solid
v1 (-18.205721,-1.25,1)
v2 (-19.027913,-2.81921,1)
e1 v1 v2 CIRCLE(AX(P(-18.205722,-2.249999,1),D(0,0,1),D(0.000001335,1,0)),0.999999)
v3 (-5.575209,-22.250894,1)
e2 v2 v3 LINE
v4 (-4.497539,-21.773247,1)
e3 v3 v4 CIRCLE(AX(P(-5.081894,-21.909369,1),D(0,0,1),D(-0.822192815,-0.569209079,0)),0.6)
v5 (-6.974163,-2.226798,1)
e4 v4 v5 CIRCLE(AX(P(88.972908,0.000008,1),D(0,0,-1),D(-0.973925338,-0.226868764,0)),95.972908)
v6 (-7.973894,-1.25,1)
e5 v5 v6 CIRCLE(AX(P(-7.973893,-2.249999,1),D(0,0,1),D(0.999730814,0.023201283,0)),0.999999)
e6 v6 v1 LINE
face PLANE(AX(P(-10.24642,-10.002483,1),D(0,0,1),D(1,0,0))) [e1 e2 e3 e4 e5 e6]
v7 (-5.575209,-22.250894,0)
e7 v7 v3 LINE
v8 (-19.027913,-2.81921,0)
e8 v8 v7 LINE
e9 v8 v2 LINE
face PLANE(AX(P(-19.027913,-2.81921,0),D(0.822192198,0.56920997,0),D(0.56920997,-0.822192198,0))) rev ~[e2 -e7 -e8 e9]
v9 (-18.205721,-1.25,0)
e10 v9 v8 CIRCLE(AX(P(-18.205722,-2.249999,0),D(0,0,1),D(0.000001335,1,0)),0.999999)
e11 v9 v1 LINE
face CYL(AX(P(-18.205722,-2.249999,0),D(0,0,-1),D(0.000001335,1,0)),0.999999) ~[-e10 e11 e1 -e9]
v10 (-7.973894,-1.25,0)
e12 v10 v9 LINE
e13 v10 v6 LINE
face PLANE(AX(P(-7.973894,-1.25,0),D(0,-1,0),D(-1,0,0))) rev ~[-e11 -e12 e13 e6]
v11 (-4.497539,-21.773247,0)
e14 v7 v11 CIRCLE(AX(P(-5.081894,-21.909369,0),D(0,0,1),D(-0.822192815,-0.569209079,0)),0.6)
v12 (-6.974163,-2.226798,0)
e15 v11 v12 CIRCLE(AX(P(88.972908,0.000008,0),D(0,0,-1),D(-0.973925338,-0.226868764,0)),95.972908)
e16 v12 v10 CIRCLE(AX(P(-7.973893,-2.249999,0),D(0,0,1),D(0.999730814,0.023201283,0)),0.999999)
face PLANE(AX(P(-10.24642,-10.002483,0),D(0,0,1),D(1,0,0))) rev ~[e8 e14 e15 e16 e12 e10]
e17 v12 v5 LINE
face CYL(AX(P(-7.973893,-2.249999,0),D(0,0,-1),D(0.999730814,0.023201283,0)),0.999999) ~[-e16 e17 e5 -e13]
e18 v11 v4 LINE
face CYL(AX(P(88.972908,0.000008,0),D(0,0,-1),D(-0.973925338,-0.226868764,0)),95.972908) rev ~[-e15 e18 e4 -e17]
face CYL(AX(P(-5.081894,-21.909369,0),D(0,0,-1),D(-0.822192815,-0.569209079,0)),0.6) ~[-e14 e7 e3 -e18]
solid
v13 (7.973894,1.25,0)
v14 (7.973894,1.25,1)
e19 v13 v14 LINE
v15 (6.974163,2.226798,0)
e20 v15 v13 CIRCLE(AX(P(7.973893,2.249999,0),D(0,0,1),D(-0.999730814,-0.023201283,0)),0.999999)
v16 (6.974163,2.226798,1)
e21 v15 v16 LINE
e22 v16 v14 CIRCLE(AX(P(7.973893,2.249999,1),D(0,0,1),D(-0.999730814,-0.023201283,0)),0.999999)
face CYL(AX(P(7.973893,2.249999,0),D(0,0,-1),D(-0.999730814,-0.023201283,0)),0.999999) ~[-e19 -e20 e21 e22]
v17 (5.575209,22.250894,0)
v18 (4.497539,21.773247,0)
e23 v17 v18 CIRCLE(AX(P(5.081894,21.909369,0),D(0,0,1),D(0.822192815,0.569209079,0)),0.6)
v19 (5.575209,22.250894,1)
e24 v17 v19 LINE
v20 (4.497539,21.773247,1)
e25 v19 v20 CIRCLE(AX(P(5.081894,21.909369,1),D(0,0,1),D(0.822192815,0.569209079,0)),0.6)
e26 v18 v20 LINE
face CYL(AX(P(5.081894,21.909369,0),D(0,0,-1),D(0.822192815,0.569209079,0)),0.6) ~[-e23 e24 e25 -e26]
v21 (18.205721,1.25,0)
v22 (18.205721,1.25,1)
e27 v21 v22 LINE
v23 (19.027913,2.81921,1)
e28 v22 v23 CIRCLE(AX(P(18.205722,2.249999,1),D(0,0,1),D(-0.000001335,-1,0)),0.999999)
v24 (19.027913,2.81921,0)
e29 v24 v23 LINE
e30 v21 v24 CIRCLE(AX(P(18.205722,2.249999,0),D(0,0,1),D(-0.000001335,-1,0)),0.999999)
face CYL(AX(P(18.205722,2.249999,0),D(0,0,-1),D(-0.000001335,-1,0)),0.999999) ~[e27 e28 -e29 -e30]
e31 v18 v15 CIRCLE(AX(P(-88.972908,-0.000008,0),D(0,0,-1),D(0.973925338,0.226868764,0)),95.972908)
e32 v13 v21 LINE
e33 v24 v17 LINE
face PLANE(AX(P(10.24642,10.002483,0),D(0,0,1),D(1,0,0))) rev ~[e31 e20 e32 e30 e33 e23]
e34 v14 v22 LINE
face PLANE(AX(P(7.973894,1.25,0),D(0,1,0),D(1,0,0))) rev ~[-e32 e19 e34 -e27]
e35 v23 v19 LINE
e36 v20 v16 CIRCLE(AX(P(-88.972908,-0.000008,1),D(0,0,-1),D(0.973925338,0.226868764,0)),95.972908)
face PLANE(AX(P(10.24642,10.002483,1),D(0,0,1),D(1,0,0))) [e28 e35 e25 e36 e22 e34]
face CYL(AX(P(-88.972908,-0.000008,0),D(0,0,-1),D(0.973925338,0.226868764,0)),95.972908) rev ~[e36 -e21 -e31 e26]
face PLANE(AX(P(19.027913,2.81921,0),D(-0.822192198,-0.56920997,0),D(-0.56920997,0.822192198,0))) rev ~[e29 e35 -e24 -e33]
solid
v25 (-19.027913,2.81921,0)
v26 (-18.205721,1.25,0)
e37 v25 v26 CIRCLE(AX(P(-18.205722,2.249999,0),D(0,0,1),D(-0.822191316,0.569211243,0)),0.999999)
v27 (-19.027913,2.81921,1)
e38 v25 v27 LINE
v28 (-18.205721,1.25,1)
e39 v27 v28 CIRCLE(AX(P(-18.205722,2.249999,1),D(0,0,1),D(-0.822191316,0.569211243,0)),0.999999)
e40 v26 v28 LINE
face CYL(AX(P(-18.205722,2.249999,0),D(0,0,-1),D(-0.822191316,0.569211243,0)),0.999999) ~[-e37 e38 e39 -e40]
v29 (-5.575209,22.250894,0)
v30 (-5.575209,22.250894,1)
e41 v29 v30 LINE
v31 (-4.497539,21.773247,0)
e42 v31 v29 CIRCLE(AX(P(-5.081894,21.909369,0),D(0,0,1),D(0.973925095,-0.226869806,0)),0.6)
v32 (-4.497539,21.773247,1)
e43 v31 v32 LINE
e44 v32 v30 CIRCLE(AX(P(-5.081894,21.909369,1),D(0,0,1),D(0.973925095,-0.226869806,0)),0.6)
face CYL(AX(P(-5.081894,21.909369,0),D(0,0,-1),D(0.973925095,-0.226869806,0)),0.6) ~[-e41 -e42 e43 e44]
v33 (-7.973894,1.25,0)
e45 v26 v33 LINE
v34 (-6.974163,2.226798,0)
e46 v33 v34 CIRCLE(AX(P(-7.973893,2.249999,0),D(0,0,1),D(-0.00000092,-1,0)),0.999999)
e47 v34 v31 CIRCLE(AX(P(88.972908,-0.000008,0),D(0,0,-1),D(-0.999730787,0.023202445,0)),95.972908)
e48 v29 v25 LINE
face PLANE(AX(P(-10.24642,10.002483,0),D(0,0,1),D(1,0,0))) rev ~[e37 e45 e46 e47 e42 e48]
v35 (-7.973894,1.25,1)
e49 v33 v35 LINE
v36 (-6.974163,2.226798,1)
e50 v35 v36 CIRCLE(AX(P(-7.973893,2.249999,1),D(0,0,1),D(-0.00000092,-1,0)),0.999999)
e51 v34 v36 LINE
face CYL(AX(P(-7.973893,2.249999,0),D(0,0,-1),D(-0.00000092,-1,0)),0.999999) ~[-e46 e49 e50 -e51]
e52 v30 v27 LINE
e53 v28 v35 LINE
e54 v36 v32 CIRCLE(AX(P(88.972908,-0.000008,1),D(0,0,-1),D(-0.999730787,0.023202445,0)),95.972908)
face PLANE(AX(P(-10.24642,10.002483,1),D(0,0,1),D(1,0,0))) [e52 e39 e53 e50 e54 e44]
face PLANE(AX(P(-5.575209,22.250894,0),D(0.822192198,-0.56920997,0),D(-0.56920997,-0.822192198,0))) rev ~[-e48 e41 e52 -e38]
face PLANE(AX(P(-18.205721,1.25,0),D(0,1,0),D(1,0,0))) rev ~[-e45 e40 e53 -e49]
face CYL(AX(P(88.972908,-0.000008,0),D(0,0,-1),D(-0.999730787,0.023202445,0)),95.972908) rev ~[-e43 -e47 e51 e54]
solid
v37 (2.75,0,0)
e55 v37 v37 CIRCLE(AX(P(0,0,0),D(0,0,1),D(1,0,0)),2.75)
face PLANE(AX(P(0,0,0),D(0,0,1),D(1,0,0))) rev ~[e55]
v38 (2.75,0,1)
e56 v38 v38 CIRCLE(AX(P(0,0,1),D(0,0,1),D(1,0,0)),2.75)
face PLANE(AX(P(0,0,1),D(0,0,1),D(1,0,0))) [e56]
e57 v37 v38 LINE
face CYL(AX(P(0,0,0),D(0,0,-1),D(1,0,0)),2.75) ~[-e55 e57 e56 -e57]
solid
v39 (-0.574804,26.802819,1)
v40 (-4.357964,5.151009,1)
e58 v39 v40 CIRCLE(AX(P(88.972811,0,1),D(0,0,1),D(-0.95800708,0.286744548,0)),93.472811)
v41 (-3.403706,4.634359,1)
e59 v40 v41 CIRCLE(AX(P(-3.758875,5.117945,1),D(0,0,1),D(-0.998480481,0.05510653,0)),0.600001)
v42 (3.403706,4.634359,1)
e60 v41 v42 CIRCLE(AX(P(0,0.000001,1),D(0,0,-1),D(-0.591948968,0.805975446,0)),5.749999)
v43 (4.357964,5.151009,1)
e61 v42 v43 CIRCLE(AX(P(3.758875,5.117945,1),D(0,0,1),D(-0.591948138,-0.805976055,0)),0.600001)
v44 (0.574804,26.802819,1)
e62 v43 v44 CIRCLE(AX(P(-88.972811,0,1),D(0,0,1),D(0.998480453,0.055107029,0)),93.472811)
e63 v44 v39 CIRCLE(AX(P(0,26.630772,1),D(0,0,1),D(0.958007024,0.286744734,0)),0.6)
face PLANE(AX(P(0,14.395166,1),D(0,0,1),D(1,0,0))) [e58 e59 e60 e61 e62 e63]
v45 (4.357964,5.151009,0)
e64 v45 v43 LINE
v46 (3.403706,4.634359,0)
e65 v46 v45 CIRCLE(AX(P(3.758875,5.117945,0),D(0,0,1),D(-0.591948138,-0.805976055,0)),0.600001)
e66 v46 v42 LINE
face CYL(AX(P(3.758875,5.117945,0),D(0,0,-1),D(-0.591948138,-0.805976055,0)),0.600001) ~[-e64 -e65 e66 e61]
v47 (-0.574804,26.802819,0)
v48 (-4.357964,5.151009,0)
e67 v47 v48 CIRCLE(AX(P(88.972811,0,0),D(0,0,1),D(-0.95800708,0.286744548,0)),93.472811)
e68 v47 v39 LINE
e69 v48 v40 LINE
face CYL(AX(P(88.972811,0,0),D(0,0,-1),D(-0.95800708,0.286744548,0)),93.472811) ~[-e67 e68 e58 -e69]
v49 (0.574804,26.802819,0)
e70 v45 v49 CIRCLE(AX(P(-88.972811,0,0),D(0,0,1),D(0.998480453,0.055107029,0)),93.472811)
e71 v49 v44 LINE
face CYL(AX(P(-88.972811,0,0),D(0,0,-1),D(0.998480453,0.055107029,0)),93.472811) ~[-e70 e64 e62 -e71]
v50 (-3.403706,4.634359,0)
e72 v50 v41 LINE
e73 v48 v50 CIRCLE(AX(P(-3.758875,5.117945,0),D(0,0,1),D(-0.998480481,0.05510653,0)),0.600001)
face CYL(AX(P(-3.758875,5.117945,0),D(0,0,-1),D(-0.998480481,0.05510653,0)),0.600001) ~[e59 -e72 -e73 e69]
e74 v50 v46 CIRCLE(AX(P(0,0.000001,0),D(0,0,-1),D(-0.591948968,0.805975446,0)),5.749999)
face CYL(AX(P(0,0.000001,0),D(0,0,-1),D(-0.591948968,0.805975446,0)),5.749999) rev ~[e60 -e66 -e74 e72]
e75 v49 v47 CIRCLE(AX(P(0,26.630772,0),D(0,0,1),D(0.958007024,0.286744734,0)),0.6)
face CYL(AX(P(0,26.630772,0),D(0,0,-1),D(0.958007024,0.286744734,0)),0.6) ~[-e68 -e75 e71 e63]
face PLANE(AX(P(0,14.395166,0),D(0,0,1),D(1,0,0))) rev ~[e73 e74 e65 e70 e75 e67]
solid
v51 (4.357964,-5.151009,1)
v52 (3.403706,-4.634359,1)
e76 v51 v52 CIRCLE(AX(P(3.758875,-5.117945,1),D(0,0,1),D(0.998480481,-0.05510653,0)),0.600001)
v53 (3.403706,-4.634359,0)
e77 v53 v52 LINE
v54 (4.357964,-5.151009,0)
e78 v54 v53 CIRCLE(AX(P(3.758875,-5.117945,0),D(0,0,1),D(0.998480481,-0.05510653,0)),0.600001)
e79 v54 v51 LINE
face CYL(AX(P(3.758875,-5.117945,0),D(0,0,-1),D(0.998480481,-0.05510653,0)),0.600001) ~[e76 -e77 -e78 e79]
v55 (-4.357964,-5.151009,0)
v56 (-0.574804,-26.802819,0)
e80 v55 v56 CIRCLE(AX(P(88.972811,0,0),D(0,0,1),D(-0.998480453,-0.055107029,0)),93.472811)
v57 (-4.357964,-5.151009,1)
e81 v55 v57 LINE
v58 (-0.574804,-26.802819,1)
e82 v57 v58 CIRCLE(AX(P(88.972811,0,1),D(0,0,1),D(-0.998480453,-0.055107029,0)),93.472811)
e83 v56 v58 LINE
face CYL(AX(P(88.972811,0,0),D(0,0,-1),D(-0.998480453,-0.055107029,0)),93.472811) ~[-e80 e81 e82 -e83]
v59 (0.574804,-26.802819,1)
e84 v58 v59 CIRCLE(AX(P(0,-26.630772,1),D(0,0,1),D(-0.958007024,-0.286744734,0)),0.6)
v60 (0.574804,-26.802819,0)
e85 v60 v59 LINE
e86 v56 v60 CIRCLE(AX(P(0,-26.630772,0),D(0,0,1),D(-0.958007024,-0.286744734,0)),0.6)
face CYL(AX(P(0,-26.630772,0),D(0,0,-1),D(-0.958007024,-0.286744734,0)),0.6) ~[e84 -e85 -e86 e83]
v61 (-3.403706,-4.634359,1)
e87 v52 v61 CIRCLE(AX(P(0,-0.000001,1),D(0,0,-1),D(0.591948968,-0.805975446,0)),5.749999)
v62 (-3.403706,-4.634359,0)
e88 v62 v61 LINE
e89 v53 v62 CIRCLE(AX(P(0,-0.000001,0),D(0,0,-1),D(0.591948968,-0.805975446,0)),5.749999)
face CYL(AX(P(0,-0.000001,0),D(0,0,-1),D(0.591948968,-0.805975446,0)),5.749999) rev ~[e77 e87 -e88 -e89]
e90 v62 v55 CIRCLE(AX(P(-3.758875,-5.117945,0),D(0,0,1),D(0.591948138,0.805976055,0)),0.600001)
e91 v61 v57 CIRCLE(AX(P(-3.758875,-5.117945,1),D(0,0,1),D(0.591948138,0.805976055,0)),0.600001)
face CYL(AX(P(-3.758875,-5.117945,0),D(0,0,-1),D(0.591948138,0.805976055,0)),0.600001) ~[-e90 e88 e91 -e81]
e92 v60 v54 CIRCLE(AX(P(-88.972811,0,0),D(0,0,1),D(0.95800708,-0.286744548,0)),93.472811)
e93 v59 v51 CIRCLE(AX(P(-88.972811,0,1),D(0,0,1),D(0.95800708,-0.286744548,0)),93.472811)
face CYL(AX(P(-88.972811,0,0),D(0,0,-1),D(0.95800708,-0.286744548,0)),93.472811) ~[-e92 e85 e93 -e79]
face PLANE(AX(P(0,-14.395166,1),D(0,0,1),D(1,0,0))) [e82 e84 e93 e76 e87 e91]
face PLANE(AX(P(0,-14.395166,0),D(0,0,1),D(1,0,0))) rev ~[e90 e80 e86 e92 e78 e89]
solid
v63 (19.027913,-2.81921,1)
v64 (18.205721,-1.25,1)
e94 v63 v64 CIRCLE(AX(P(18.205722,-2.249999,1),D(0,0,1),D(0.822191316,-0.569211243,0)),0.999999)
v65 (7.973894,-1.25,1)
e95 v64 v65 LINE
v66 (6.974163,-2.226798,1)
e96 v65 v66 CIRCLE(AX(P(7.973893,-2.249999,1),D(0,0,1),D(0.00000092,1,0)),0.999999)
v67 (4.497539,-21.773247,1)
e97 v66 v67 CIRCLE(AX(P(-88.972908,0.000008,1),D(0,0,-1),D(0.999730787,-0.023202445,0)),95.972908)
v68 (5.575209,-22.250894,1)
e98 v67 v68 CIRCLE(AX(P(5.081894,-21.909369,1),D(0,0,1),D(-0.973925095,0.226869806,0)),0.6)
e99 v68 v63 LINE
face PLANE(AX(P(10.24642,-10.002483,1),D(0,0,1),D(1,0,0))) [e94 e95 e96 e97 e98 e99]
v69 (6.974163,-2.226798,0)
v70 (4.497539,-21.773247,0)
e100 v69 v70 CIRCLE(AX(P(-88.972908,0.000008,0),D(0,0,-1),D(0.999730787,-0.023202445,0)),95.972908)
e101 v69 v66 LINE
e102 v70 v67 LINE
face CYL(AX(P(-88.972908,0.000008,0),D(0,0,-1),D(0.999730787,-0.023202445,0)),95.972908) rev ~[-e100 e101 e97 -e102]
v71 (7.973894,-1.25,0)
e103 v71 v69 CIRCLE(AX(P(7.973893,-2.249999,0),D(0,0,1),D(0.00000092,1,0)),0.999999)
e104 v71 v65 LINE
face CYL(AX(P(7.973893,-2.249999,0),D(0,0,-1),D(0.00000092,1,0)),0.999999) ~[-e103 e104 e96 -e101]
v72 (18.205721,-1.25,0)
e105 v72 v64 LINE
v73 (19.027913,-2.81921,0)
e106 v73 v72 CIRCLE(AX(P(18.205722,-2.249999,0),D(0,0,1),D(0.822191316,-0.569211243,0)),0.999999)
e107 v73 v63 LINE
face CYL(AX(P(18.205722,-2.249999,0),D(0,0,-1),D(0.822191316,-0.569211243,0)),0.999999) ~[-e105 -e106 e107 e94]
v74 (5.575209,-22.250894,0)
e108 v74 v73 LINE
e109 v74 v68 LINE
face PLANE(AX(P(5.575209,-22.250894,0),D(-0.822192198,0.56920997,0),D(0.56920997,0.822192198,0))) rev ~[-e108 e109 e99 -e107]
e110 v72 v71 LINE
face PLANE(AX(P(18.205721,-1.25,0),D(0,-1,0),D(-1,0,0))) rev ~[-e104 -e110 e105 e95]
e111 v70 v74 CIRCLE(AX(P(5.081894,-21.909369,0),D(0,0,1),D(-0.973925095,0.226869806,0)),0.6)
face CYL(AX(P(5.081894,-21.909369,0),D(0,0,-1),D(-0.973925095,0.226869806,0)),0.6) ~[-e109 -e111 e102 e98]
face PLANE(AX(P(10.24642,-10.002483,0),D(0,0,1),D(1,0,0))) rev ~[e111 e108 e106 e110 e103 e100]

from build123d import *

# Parameters (mm, degrees)
F0_R     = 2.75
F1_DEPTH = 1


with BuildPart() as f1:
    # F0 (on Top) → F1 (new body)
    with BuildSketch(Plane.XY):
        with BuildLine():
            Line((-5.575209, 22.250894), (-19.027913, 2.81921))
            ThreePointArc((-19.027913, 2.81921), (-19.091501, 1.785893), (-18.205721, 1.25))
            Line((-18.205721, 1.25), (-7.973894, 1.25))
            ThreePointArc((-7.973894, 1.25), (-7.275038, 1.534737), (-6.974163, 2.226798))
            ThreePointArc((-6.974163, 2.226798), (-6.238777, 12.063745), (-4.497539, 21.773247))
            ThreePointArc((-4.497539, 21.773247), (-4.838771, 22.457904), (-5.575209, 22.250894))
        make_face()
        Circle(F0_R)
        with BuildLine():
            ThreePointArc((0.574804, 26.802819), (0, 27.230772), (-0.574804, 26.802819))
            ThreePointArc((-0.574804, 26.802819), (-3.105018, 16.088501), (-4.357964, 5.151009))
            ThreePointArc((-4.357964, 5.151009), (-4.044543, 4.590314), (-3.403706, 4.634359))
            ThreePointArc((-3.403706, 4.634359), (0, 5.75), (3.403706, 4.634359))
            ThreePointArc((3.403706, 4.634359), (4.044543, 4.590314), (4.357964, 5.151009))
            ThreePointArc((4.357964, 5.151009), (3.105018, 16.088501), (0.574804, 26.802819))
        make_face()
        with BuildLine():
            ThreePointArc((5.575209, 22.250894), (4.838771, 22.457904), (4.497539, 21.773247))
            ThreePointArc((4.497539, 21.773247), (6.238777, 12.063745), (6.974163, 2.226798))
            ThreePointArc((6.974163, 2.226798), (7.275038, 1.534737), (7.973894, 1.25))
            Line((7.973894, 1.25), (18.205721, 1.25))
            ThreePointArc((18.205721, 1.25), (19.091501, 1.785893), (19.027913, 2.81921))
            Line((19.027913, 2.81921), (5.575209, 22.250894))
        make_face()
        with BuildLine():
            Line((-7.973894, -1.25), (-18.205721, -1.25))
            ThreePointArc((-18.205721, -1.25), (-19.091501, -1.785893), (-19.027913, -2.81921))
            Line((-19.027913, -2.81921), (-5.575209, -22.250894))
            ThreePointArc((-5.575209, -22.250894), (-4.838771, -22.457904), (-4.497539, -21.773247))
            ThreePointArc((-4.497539, -21.773247), (-6.238777, -12.063745), (-6.974163, -2.226798))
            ThreePointArc((-6.974163, -2.226798), (-7.275038, -1.534737), (-7.973894, -1.25))
        make_face()
        with BuildLine():
            ThreePointArc((-4.357964, -5.151009), (-3.105018, -16.088501), (-0.574804, -26.802819))
            ThreePointArc((-0.574804, -26.802819), (0, -27.230772), (0.574804, -26.802819))
            ThreePointArc((0.574804, -26.802819), (3.105018, -16.088501), (4.357964, -5.151009))
            ThreePointArc((4.357964, -5.151009), (4.044543, -4.590314), (3.403706, -4.634359))
            ThreePointArc((3.403706, -4.634359), (0, -5.75), (-3.403706, -4.634359))
            ThreePointArc((-3.403706, -4.634359), (-4.044543, -4.590314), (-4.357964, -5.151009))
        make_face()
        with BuildLine():
            ThreePointArc((6.974163, -2.226798), (6.238777, -12.063745), (4.497539, -21.773247))
            ThreePointArc((4.497539, -21.773247), (4.838771, -22.457904), (5.575209, -22.250894))
            Line((5.575209, -22.250894), (19.027913, -2.81921))
            ThreePointArc((19.027913, -2.81921), (19.091501, -1.785893), (18.205721, -1.25))
            Line((18.205721, -1.25), (7.973894, -1.25))
            ThreePointArc((7.973894, -1.25), (7.275038, -1.534737), (6.974163, -2.226798))
        make_face()
    extrude(amount=F1_DEPTH)


solid = f1.part
